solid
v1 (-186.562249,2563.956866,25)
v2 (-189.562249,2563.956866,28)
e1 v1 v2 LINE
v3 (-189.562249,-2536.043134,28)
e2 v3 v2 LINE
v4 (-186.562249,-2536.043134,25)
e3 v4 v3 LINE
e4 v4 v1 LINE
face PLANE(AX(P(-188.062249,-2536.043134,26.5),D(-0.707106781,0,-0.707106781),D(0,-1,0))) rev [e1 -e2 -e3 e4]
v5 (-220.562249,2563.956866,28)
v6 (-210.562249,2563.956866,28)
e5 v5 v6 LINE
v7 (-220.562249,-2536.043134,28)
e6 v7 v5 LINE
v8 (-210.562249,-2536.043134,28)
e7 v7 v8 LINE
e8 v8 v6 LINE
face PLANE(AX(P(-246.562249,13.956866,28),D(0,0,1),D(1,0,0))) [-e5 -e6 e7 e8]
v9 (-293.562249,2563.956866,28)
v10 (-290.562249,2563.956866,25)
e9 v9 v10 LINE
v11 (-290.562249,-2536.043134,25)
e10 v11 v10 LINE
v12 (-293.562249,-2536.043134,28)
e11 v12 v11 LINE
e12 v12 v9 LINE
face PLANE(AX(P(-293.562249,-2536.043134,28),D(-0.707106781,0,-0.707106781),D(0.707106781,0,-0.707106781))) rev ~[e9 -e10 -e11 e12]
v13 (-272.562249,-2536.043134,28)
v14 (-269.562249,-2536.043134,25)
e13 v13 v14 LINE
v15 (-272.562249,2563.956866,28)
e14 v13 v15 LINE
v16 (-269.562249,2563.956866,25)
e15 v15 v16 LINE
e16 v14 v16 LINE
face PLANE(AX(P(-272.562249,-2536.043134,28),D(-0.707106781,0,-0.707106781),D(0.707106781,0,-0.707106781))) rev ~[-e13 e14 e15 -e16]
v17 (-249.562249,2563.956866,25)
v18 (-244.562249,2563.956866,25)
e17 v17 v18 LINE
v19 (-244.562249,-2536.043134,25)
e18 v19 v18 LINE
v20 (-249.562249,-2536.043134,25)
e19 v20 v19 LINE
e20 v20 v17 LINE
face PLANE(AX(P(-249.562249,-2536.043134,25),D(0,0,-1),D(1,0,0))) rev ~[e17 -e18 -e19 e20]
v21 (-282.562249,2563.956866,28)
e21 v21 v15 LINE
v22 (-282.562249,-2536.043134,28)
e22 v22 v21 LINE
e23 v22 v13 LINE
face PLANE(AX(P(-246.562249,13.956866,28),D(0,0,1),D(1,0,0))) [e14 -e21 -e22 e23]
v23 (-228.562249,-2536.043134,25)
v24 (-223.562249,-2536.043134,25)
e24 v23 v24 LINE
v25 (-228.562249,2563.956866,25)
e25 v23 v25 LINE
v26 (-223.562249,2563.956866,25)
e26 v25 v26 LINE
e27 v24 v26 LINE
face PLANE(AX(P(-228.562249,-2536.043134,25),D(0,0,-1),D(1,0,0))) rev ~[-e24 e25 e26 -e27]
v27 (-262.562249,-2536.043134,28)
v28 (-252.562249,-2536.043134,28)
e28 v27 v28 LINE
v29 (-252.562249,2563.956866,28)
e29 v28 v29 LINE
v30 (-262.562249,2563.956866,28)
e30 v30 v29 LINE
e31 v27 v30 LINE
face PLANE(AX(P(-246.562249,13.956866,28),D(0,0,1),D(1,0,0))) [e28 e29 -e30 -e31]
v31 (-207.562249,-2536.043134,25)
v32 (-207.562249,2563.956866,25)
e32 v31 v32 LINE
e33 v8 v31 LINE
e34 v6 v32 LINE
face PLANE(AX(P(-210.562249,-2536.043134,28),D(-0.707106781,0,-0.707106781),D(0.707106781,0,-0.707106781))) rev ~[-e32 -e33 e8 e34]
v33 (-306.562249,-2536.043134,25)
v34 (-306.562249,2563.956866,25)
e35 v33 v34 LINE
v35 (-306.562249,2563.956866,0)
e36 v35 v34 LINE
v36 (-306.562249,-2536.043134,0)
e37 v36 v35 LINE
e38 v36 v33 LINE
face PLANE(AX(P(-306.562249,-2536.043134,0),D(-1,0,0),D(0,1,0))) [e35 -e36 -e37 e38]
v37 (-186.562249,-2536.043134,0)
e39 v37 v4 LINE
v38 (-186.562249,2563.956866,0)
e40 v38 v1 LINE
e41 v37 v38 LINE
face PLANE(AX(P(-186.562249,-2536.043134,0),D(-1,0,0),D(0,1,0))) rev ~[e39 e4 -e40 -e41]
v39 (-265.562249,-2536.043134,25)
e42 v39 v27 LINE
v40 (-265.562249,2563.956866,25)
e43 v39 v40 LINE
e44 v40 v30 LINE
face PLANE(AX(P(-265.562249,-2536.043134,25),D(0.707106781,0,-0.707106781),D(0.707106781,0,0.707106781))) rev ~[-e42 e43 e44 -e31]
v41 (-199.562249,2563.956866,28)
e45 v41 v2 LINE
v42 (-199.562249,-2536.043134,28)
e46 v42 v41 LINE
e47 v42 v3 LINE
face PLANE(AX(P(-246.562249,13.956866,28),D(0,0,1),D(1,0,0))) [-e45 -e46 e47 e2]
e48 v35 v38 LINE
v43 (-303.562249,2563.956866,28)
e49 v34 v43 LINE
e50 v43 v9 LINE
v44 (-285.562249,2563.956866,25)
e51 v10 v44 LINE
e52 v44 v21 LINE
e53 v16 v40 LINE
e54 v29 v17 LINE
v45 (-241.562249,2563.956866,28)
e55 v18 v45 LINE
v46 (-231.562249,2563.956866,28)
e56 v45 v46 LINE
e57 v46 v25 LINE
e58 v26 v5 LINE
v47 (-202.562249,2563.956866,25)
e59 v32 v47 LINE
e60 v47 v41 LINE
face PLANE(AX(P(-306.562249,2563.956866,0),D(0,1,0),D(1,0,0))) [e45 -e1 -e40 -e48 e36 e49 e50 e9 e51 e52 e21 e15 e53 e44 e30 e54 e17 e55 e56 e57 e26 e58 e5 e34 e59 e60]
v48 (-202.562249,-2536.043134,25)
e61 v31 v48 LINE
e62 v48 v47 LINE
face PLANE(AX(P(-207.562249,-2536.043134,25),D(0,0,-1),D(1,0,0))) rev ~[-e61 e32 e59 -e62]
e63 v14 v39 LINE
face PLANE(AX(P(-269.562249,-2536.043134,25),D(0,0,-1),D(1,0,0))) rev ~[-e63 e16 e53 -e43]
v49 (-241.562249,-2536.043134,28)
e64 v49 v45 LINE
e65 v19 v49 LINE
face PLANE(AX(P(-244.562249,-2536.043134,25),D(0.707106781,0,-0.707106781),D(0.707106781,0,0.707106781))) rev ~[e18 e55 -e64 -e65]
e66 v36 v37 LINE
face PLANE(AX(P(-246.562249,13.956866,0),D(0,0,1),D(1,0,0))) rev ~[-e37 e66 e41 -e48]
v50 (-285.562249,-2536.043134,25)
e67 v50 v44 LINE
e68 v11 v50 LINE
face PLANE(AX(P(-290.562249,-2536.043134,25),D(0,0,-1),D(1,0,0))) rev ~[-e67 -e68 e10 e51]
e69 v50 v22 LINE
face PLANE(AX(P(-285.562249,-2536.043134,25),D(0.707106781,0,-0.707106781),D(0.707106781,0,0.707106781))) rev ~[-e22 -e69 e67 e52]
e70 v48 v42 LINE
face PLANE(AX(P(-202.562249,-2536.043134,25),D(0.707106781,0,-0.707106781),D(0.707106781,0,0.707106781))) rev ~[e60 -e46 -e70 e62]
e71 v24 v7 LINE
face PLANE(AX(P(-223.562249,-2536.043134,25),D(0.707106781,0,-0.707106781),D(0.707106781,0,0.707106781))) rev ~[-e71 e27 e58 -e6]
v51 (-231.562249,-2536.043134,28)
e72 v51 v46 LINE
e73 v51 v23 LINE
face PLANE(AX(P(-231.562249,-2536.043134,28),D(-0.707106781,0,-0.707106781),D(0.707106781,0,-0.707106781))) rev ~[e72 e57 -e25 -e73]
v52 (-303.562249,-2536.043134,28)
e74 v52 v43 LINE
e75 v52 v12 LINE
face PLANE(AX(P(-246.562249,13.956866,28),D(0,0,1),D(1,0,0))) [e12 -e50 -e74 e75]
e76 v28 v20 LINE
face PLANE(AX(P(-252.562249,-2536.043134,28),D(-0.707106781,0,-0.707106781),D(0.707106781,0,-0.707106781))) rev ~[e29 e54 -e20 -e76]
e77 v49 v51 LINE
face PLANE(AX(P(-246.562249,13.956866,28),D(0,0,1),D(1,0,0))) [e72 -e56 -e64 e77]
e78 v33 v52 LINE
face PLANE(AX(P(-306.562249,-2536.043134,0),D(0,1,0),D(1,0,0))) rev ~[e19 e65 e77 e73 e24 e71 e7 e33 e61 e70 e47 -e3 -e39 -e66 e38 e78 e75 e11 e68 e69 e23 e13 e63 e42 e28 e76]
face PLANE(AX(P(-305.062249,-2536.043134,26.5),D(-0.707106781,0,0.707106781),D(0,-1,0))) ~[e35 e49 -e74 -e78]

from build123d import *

# Parameters (mm, degrees)
F0_W     = 120
F0_H     = 5100
F1_DEPTH = 28
F2_SIZE  = 3
F4_DEPTH = 5100


with BuildPart() as f1:
    # F0 (on Top) → F1 (new body)
    with BuildSketch(Plane.XY):
        with Locations((-246.562249, 13.956866)):
            Rectangle(F0_W, F0_H)
    extrude(amount=F1_DEPTH)

    # F2
    f2_edges = [f1.edges().sort_by_distance(p)[0] for p in [
        (-306.562249, 13.956866, 28),
        (-186.562249, 13.956866, 28),
    ]]
    chamfer(f2_edges, length=F2_SIZE)

    # F3 (on face) → F4 (cut)
    with BuildSketch(Plane.XZ.offset(2536.043134)):
        Polygon((-282.562249, 28), (-293.562249, 28), (-290.562249, 25), (-285.562249, 25), align=None)
        Polygon((-262.562249, 28), (-272.562249, 28), (-269.562249, 25), (-265.562249, 25), align=None)
        Polygon((-241.562249, 28), (-252.562249, 28), (-249.562249, 25), (-244.562249, 25), align=None)
        Polygon((-223.562249, 25), (-220.562249, 28), (-231.562249, 28), (-228.562249, 25), align=None)
        Polygon((-202.562249, 25), (-199.562249, 28), (-210.562249, 28), (-207.562249, 25), align=None)
    extrude(amount=-F4_DEPTH, mode=Mode.SUBTRACT)


solid = f1.part
